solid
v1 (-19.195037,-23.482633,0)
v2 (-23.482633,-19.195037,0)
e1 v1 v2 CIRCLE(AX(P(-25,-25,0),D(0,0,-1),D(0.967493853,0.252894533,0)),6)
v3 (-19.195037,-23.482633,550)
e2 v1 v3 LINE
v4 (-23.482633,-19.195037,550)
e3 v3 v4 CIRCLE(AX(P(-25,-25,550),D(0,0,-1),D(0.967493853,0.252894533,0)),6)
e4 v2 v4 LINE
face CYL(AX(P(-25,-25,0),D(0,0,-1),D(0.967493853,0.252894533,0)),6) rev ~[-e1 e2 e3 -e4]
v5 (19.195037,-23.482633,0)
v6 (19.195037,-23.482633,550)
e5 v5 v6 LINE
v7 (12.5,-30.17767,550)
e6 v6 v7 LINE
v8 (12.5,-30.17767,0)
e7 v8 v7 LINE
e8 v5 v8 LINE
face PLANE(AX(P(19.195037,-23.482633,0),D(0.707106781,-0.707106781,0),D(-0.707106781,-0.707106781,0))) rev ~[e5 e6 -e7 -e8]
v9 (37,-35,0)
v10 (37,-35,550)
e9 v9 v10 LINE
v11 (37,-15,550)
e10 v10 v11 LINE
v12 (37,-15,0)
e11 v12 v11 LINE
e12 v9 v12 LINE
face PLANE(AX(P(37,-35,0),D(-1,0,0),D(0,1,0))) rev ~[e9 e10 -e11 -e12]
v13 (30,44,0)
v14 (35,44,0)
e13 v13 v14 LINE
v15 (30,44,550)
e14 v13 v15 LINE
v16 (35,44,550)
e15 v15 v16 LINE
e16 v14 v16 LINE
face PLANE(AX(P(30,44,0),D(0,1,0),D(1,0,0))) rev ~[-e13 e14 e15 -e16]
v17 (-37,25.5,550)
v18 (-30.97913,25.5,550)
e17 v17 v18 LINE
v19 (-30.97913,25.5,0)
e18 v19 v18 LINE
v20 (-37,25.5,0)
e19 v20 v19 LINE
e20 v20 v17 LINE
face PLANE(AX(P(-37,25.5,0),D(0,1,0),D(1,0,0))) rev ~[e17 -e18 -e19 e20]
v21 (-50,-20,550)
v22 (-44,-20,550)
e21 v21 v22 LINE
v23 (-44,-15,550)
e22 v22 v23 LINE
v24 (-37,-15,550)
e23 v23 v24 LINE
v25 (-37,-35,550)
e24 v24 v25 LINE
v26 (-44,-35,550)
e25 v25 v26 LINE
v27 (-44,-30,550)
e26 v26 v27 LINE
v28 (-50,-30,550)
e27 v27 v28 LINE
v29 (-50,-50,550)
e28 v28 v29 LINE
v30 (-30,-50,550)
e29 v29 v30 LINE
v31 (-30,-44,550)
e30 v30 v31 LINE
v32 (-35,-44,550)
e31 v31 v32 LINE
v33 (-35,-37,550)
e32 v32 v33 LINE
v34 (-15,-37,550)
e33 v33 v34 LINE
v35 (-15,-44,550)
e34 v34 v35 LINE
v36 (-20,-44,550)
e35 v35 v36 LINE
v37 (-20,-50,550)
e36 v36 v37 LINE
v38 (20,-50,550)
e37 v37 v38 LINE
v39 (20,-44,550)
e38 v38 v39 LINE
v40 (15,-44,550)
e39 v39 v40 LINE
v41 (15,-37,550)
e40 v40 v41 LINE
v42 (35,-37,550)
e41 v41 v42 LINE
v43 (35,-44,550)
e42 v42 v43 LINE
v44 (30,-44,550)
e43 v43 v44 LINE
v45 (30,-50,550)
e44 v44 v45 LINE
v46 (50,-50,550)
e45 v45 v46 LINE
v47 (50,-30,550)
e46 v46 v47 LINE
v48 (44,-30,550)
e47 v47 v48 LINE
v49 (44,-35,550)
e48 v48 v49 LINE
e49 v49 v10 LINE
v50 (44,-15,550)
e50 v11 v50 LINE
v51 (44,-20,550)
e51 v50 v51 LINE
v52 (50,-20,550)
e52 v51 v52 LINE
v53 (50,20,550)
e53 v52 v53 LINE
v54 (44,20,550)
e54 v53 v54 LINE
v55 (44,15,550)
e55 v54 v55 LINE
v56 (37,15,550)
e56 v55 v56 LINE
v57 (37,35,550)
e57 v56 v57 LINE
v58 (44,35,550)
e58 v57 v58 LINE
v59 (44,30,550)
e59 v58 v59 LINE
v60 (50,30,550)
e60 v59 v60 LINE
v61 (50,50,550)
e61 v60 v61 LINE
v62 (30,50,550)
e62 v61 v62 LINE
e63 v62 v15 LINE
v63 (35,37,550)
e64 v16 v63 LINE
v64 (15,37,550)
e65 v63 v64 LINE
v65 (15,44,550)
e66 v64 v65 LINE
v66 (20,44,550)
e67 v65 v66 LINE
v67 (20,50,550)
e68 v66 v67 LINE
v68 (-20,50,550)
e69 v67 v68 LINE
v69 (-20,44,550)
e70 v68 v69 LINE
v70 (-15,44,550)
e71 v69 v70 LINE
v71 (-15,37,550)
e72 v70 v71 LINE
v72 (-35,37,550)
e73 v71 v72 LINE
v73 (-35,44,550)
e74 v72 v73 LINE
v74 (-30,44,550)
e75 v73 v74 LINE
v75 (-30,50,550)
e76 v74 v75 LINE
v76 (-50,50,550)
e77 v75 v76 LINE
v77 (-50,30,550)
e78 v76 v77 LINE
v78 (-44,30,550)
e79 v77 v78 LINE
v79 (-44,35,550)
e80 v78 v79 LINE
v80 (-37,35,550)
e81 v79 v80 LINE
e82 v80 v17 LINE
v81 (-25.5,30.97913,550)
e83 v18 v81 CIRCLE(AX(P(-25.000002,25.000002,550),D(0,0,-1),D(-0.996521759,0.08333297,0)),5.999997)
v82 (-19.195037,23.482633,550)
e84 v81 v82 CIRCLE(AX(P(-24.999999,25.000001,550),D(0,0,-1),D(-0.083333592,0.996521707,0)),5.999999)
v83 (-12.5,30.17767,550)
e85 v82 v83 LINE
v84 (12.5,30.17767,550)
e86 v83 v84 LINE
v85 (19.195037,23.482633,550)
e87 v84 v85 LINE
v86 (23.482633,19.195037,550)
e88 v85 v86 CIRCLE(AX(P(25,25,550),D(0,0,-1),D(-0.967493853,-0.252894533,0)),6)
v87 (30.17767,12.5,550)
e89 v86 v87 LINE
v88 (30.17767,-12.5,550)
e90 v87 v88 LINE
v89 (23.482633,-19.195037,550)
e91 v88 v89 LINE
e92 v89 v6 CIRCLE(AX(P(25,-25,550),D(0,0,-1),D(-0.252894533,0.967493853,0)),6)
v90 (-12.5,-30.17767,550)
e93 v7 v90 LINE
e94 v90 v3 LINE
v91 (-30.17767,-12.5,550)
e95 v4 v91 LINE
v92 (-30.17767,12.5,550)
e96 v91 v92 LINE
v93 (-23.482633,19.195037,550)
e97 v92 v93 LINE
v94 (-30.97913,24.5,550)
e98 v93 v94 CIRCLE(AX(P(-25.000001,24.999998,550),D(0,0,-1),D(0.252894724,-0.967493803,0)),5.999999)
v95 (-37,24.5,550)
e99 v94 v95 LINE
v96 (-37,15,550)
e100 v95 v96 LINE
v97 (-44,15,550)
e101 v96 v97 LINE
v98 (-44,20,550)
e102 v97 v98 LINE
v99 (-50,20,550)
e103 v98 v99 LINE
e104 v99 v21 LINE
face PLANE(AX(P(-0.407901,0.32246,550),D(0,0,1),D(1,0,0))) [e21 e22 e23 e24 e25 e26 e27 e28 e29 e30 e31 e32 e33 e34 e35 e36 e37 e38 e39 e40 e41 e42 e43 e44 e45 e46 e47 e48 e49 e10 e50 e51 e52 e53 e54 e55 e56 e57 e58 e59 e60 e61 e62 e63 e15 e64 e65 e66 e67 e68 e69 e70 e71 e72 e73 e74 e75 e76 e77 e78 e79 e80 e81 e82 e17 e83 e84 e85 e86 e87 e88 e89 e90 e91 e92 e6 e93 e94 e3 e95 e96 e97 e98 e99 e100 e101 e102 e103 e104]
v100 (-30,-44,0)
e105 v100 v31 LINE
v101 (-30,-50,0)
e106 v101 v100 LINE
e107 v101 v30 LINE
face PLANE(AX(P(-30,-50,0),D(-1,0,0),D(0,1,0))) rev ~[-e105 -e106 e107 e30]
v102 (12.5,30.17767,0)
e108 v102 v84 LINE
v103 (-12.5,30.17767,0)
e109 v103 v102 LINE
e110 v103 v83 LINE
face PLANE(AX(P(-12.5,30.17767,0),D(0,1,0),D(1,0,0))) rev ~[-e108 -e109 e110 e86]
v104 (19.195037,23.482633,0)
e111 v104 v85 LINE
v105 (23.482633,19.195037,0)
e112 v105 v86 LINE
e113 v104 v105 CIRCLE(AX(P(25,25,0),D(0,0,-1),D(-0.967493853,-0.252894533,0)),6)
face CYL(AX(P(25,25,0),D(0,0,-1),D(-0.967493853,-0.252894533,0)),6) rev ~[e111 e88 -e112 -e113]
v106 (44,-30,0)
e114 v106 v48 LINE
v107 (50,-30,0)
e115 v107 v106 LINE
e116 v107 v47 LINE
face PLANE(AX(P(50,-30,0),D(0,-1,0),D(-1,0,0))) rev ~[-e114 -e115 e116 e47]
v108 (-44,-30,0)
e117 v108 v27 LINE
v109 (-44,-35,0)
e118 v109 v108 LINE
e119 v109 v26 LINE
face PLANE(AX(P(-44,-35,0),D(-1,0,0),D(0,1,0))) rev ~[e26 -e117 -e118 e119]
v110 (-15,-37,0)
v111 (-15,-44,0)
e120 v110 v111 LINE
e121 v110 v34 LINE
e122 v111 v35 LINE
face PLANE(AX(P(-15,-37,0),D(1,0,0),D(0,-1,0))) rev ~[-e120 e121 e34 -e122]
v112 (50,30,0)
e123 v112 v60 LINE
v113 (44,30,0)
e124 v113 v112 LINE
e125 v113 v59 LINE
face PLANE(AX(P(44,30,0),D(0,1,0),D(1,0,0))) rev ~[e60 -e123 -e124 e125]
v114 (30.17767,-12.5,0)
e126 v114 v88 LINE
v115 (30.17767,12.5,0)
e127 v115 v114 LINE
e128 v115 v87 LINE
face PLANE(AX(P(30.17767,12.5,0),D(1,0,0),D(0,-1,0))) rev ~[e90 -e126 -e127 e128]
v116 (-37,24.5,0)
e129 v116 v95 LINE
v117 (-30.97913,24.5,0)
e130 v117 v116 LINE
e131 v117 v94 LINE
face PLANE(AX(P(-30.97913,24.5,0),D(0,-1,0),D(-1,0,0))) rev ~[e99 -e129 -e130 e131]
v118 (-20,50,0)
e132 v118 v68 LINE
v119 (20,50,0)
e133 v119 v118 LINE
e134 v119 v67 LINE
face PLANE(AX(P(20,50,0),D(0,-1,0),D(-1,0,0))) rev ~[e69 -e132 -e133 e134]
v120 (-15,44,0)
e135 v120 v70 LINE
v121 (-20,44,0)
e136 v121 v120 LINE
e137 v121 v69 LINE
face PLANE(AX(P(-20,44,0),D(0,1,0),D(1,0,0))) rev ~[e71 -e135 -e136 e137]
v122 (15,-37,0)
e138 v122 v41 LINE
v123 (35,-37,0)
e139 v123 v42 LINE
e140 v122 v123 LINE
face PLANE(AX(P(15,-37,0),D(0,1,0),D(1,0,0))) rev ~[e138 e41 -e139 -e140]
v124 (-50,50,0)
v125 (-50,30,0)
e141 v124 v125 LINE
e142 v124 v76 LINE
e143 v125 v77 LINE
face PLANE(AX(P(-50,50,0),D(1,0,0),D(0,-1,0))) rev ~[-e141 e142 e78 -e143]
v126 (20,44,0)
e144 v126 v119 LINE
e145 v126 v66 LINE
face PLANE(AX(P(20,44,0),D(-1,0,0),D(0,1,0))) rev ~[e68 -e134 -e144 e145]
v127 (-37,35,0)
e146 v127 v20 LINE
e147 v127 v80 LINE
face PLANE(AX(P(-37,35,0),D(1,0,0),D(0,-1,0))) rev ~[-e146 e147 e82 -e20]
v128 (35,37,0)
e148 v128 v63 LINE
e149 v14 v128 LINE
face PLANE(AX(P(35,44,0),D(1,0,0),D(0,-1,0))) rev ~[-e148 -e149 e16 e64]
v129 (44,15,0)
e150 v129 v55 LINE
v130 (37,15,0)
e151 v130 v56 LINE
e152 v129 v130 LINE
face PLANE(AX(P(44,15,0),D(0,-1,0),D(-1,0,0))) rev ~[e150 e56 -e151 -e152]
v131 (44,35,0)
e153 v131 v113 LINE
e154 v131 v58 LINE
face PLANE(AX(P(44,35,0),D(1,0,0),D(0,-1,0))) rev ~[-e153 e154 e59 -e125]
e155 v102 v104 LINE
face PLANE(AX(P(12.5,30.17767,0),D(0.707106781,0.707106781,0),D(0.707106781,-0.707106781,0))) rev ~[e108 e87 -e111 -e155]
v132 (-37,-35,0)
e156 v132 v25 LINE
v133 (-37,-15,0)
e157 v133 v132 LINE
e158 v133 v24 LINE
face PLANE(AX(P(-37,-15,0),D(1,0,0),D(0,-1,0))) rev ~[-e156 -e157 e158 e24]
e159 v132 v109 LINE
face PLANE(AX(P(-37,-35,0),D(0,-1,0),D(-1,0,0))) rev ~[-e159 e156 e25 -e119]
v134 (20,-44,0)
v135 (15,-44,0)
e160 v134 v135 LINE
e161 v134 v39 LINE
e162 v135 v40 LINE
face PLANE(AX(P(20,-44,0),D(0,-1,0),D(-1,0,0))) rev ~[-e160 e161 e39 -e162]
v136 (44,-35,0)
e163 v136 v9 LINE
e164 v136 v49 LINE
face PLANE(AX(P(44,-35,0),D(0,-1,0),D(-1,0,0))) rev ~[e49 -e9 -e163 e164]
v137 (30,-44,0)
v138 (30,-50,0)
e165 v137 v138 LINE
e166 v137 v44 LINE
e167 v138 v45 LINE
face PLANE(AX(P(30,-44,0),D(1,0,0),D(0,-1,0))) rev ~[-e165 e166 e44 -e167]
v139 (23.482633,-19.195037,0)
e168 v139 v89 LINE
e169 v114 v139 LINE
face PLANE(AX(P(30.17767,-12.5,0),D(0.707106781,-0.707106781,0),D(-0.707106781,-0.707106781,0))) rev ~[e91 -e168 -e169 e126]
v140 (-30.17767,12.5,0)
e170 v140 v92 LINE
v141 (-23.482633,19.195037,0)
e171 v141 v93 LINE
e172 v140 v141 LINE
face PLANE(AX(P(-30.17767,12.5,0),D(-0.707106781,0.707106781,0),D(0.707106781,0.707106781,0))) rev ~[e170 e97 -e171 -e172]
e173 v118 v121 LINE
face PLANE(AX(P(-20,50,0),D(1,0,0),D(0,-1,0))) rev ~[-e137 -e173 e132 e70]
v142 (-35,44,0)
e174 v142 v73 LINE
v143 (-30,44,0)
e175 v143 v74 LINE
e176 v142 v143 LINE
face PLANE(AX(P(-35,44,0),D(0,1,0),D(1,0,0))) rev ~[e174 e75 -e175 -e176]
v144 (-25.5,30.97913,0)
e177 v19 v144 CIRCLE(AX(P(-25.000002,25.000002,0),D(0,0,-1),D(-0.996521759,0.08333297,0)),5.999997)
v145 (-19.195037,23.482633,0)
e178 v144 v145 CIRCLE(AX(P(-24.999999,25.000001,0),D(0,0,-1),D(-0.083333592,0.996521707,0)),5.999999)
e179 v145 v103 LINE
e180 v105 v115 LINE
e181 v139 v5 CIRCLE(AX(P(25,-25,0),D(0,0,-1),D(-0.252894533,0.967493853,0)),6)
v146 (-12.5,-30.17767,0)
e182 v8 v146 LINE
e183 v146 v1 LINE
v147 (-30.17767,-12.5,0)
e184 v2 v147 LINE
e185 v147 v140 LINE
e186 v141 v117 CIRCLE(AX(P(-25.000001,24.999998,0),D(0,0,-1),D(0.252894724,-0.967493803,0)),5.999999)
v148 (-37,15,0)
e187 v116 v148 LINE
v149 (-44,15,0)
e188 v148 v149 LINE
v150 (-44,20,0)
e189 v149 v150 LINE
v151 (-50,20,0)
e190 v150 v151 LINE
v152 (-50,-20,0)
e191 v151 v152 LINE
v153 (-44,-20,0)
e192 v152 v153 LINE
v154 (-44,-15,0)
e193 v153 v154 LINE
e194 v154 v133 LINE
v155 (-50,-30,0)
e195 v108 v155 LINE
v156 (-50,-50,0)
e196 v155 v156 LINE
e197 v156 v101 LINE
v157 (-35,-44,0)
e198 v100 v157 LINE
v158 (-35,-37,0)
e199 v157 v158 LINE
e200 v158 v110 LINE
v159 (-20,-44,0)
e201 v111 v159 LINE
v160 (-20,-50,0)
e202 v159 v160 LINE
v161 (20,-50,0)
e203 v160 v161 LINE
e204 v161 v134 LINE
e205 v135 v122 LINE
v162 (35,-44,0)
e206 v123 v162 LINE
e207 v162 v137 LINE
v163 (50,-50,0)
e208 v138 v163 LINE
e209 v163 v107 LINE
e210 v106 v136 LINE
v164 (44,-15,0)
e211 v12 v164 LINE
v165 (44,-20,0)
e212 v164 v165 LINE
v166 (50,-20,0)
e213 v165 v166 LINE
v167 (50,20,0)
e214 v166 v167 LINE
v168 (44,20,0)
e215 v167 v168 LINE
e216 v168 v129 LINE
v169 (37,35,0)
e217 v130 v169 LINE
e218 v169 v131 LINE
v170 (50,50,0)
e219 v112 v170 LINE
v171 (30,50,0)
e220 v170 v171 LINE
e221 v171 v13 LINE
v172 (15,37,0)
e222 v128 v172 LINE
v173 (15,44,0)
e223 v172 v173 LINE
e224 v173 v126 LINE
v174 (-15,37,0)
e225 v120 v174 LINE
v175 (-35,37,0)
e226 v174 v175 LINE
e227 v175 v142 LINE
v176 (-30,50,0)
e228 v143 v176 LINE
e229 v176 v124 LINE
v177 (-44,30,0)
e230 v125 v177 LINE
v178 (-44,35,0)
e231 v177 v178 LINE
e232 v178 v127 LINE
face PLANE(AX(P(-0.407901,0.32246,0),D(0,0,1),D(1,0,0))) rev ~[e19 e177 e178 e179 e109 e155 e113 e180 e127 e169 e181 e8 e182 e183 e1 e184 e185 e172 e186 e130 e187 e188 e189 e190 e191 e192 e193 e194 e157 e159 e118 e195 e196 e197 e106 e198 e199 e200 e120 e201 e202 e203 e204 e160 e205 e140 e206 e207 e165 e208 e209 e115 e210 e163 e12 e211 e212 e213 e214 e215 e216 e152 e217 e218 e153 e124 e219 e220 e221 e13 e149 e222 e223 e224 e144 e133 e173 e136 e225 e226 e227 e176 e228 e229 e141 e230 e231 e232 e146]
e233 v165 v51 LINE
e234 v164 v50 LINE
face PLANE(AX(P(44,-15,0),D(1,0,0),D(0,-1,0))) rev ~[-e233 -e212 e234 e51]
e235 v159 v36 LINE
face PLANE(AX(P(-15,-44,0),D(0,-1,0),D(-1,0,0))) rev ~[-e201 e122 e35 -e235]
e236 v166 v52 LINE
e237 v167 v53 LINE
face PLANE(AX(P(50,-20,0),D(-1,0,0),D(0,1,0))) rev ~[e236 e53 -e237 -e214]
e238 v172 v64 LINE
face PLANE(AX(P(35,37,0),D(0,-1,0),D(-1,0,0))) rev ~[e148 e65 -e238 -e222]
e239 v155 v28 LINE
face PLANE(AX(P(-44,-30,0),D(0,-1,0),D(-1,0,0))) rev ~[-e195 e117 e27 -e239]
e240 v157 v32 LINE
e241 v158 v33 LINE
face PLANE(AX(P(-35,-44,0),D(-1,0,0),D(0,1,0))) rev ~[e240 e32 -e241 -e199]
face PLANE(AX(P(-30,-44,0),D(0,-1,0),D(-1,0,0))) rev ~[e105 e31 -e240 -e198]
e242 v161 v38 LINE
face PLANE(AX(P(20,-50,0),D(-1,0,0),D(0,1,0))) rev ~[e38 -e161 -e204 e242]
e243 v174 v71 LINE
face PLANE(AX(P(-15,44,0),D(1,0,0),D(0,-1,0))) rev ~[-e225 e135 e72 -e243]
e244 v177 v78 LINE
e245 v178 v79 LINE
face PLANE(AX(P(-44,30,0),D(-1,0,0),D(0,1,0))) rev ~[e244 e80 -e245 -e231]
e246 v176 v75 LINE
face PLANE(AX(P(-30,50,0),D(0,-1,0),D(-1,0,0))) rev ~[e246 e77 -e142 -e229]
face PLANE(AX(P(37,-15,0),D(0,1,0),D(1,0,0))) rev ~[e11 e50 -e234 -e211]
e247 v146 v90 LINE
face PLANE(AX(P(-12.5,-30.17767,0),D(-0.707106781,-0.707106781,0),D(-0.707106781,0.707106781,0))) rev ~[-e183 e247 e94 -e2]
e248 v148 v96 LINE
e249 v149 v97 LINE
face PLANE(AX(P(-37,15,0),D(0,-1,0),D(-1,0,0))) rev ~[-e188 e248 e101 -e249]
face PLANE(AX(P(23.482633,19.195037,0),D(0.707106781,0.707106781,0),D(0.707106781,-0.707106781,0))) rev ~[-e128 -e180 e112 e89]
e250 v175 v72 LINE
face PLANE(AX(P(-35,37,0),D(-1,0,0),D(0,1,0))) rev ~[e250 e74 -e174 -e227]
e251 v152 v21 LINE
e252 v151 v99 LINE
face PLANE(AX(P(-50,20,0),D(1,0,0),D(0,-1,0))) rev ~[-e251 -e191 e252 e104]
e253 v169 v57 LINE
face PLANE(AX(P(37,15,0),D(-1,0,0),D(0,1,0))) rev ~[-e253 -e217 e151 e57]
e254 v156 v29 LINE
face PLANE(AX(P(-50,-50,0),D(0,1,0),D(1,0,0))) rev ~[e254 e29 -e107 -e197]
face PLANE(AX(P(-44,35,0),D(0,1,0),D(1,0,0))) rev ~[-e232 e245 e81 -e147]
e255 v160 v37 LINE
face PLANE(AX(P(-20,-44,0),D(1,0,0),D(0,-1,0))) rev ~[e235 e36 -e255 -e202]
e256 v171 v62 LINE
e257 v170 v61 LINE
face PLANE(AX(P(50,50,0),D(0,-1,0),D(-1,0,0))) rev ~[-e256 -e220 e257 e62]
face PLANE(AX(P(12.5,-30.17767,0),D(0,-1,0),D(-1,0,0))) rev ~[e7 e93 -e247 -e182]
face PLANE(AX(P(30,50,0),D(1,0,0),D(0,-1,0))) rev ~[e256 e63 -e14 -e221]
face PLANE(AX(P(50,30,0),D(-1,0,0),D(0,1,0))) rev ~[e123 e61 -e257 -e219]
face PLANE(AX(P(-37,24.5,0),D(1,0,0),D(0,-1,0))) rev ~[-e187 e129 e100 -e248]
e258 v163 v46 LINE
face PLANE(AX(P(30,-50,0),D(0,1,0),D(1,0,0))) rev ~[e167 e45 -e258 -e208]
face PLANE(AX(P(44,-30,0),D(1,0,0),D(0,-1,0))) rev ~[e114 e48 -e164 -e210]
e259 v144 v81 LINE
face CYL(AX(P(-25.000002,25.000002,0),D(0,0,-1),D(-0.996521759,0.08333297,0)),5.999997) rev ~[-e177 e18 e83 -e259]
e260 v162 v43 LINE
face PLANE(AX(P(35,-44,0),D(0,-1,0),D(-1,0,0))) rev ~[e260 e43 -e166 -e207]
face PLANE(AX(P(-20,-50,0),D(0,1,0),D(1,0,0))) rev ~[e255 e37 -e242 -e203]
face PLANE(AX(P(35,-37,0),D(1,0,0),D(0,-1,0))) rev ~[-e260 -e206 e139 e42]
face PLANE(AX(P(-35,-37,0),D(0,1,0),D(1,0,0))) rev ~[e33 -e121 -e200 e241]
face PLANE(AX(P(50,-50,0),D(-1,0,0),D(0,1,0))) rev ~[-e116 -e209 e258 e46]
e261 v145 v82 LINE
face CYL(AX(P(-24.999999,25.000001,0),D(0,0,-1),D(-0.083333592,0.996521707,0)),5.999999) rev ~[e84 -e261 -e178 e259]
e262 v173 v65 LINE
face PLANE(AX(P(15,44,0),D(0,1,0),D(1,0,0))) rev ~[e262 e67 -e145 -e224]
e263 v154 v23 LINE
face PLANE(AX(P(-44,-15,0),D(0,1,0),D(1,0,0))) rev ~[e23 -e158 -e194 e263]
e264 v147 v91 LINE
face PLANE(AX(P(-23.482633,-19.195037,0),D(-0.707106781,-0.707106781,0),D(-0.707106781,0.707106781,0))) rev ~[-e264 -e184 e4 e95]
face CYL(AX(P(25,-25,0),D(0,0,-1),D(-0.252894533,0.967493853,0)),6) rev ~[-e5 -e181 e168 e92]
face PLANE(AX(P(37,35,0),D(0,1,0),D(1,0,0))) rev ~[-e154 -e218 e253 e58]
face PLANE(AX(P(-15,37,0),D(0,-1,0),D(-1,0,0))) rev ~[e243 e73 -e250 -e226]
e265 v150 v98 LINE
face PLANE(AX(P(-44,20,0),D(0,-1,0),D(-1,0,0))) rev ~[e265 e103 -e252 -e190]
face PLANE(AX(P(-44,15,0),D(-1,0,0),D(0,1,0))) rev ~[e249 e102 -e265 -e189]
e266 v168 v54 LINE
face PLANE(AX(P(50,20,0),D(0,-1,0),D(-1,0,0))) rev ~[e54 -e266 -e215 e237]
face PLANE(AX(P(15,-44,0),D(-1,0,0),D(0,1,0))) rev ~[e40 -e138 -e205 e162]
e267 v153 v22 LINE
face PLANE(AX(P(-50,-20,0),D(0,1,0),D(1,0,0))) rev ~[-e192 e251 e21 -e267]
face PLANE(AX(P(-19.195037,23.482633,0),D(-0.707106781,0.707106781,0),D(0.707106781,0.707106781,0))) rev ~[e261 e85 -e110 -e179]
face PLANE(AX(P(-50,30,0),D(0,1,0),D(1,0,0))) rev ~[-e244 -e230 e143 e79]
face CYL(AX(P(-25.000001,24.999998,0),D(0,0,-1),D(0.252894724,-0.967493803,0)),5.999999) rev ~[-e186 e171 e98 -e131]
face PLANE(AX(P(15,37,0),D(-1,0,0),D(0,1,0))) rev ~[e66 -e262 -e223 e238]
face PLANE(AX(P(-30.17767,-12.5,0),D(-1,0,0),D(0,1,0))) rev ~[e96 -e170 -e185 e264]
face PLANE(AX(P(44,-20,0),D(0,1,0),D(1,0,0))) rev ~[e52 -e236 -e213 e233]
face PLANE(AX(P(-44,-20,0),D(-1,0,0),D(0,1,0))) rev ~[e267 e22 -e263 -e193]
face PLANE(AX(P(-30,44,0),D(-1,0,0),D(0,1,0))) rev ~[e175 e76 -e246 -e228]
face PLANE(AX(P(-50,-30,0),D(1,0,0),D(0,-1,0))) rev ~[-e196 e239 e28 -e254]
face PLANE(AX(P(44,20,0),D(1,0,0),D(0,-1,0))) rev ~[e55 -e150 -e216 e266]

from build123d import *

# Parameters (mm, degrees)
F1_DEPTH = 550


with BuildPart() as f1:
    # F0 (on Top) → F1 (new body)
    with BuildSketch(Plane.XY):
        with BuildLine():
            Line((-30, 50), (-50, 50))
            Line((-50, 50), (-50, 30))
            Line((-50, 30), (-44, 30))
            Line((-44, 30), (-44, 35))
            Line((-44, 35), (-37, 35))
            Line((-37, 35), (-37, 25.5))
            Line((-37, 25.5), (-30.97913, 25.5))
            ThreePointArc((-30.97913, 25.5), (-29.242641, 29.242641), (-25.5, 30.97913))
            ThreePointArc((-25.5, 30.97913), (-20.408156, 28.861991), (-19.195037, 23.482633))
            Line((-19.195037, 23.482633), (-12.5, 30.17767))
            Line((-12.5, 30.17767), (12.5, 30.17767))
            Line((12.5, 30.17767), (19.195037, 23.482633))
            ThreePointArc((19.195037, 23.482633), (29.242641, 29.242641), (23.482633, 19.195037))
            Line((23.482633, 19.195037), (30.17767, 12.5))
            Line((30.17767, 12.5), (30.17767, -12.5))
            Line((30.17767, -12.5), (23.482633, -19.195037))
            ThreePointArc((23.482633, -19.195037), (29.242641, -29.242641), (19.195037, -23.482633))
            Line((19.195037, -23.482633), (12.5, -30.17767))
            Line((12.5, -30.17767), (-12.5, -30.17767))
            Line((-12.5, -30.17767), (-19.195037, -23.482633))
            ThreePointArc((-19.195037, -23.482633), (-29.242641, -29.242641), (-23.482633, -19.195037))
            Line((-23.482633, -19.195037), (-30.17767, -12.5))
            Line((-30.17767, -12.5), (-30.17767, 12.5))
            Line((-30.17767, 12.5), (-23.482633, 19.195037))
            ThreePointArc((-23.482633, 19.195037), (-28.465904, 20.102295), (-30.97913, 24.5))
            Line((-30.97913, 24.5), (-37, 24.5))
            Line((-37, 24.5), (-37, 15))
            Line((-37, 15), (-44, 15))
            Line((-44, 15), (-44, 20))
            Line((-44, 20), (-50, 20))
            Line((-50, 20), (-50, -20))
            Line((-50, -20), (-44, -20))
            Line((-44, -20), (-44, -15))
            Line((-44, -15), (-37, -15))
            Line((-37, -15), (-37, -35))
            Line((-37, -35), (-44, -35))
            Line((-44, -35), (-44, -30))
            Line((-44, -30), (-50, -30))
            Line((-50, -30), (-50, -50))
            Line((-50, -50), (-30, -50))
            Line((-30, -50), (-30, -44))
            Line((-30, -44), (-35, -44))
            Line((-35, -44), (-35, -37))
            Line((-35, -37), (-15, -37))
            Line((-15, -37), (-15, -44))
            Line((-15, -44), (-20, -44))
            Line((-20, -44), (-20, -50))
            Line((-20, -50), (20, -50))
            Line((20, -50), (20, -44))
            Line((20, -44), (15, -44))
            Line((15, -44), (15, -37))
            Line((15, -37), (35, -37))
            Line((35, -37), (35, -44))
            Line((35, -44), (30, -44))
            Line((30, -44), (30, -50))
            Line((30, -50), (50, -50))
            Line((50, -50), (50, -30))
            Line((50, -30), (44, -30))
            Line((44, -30), (44, -35))
            Line((44, -35), (37, -35))
            Line((37, -35), (37, -15))
            Line((37, -15), (44, -15))
            Line((44, -15), (44, -20))
            Line((44, -20), (50, -20))
            Line((50, -20), (50, 20))
            Line((50, 20), (44, 20))
            Line((44, 20), (44, 15))
            Line((44, 15), (37, 15))
            Line((37, 15), (37, 35))
            Line((37, 35), (44, 35))
            Line((44, 35), (44, 30))
            Line((44, 30), (50, 30))
            Line((50, 30), (50, 50))
            Line((50, 50), (30, 50))
            Line((30, 50), (30, 44))
            Line((30, 44), (35, 44))
            Line((35, 44), (35, 37))
            Line((35, 37), (15, 37))
            Line((15, 37), (15, 44))
            Line((15, 44), (20, 44))
            Line((20, 44), (20, 50))
            Line((20, 50), (-20, 50))
            Line((-20, 50), (-20, 44))
            Line((-20, 44), (-15, 44))
            Line((-15, 44), (-15, 37))
            Line((-15, 37), (-25.5, 37))
            Line((-25.5, 37), (-35, 37))
            Line((-35, 37), (-35, 44))
            Line((-35, 44), (-30, 44))
            Line((-30, 44), (-30, 50))
        make_face()
    extrude(amount=F1_DEPTH)


solid = f1.part
